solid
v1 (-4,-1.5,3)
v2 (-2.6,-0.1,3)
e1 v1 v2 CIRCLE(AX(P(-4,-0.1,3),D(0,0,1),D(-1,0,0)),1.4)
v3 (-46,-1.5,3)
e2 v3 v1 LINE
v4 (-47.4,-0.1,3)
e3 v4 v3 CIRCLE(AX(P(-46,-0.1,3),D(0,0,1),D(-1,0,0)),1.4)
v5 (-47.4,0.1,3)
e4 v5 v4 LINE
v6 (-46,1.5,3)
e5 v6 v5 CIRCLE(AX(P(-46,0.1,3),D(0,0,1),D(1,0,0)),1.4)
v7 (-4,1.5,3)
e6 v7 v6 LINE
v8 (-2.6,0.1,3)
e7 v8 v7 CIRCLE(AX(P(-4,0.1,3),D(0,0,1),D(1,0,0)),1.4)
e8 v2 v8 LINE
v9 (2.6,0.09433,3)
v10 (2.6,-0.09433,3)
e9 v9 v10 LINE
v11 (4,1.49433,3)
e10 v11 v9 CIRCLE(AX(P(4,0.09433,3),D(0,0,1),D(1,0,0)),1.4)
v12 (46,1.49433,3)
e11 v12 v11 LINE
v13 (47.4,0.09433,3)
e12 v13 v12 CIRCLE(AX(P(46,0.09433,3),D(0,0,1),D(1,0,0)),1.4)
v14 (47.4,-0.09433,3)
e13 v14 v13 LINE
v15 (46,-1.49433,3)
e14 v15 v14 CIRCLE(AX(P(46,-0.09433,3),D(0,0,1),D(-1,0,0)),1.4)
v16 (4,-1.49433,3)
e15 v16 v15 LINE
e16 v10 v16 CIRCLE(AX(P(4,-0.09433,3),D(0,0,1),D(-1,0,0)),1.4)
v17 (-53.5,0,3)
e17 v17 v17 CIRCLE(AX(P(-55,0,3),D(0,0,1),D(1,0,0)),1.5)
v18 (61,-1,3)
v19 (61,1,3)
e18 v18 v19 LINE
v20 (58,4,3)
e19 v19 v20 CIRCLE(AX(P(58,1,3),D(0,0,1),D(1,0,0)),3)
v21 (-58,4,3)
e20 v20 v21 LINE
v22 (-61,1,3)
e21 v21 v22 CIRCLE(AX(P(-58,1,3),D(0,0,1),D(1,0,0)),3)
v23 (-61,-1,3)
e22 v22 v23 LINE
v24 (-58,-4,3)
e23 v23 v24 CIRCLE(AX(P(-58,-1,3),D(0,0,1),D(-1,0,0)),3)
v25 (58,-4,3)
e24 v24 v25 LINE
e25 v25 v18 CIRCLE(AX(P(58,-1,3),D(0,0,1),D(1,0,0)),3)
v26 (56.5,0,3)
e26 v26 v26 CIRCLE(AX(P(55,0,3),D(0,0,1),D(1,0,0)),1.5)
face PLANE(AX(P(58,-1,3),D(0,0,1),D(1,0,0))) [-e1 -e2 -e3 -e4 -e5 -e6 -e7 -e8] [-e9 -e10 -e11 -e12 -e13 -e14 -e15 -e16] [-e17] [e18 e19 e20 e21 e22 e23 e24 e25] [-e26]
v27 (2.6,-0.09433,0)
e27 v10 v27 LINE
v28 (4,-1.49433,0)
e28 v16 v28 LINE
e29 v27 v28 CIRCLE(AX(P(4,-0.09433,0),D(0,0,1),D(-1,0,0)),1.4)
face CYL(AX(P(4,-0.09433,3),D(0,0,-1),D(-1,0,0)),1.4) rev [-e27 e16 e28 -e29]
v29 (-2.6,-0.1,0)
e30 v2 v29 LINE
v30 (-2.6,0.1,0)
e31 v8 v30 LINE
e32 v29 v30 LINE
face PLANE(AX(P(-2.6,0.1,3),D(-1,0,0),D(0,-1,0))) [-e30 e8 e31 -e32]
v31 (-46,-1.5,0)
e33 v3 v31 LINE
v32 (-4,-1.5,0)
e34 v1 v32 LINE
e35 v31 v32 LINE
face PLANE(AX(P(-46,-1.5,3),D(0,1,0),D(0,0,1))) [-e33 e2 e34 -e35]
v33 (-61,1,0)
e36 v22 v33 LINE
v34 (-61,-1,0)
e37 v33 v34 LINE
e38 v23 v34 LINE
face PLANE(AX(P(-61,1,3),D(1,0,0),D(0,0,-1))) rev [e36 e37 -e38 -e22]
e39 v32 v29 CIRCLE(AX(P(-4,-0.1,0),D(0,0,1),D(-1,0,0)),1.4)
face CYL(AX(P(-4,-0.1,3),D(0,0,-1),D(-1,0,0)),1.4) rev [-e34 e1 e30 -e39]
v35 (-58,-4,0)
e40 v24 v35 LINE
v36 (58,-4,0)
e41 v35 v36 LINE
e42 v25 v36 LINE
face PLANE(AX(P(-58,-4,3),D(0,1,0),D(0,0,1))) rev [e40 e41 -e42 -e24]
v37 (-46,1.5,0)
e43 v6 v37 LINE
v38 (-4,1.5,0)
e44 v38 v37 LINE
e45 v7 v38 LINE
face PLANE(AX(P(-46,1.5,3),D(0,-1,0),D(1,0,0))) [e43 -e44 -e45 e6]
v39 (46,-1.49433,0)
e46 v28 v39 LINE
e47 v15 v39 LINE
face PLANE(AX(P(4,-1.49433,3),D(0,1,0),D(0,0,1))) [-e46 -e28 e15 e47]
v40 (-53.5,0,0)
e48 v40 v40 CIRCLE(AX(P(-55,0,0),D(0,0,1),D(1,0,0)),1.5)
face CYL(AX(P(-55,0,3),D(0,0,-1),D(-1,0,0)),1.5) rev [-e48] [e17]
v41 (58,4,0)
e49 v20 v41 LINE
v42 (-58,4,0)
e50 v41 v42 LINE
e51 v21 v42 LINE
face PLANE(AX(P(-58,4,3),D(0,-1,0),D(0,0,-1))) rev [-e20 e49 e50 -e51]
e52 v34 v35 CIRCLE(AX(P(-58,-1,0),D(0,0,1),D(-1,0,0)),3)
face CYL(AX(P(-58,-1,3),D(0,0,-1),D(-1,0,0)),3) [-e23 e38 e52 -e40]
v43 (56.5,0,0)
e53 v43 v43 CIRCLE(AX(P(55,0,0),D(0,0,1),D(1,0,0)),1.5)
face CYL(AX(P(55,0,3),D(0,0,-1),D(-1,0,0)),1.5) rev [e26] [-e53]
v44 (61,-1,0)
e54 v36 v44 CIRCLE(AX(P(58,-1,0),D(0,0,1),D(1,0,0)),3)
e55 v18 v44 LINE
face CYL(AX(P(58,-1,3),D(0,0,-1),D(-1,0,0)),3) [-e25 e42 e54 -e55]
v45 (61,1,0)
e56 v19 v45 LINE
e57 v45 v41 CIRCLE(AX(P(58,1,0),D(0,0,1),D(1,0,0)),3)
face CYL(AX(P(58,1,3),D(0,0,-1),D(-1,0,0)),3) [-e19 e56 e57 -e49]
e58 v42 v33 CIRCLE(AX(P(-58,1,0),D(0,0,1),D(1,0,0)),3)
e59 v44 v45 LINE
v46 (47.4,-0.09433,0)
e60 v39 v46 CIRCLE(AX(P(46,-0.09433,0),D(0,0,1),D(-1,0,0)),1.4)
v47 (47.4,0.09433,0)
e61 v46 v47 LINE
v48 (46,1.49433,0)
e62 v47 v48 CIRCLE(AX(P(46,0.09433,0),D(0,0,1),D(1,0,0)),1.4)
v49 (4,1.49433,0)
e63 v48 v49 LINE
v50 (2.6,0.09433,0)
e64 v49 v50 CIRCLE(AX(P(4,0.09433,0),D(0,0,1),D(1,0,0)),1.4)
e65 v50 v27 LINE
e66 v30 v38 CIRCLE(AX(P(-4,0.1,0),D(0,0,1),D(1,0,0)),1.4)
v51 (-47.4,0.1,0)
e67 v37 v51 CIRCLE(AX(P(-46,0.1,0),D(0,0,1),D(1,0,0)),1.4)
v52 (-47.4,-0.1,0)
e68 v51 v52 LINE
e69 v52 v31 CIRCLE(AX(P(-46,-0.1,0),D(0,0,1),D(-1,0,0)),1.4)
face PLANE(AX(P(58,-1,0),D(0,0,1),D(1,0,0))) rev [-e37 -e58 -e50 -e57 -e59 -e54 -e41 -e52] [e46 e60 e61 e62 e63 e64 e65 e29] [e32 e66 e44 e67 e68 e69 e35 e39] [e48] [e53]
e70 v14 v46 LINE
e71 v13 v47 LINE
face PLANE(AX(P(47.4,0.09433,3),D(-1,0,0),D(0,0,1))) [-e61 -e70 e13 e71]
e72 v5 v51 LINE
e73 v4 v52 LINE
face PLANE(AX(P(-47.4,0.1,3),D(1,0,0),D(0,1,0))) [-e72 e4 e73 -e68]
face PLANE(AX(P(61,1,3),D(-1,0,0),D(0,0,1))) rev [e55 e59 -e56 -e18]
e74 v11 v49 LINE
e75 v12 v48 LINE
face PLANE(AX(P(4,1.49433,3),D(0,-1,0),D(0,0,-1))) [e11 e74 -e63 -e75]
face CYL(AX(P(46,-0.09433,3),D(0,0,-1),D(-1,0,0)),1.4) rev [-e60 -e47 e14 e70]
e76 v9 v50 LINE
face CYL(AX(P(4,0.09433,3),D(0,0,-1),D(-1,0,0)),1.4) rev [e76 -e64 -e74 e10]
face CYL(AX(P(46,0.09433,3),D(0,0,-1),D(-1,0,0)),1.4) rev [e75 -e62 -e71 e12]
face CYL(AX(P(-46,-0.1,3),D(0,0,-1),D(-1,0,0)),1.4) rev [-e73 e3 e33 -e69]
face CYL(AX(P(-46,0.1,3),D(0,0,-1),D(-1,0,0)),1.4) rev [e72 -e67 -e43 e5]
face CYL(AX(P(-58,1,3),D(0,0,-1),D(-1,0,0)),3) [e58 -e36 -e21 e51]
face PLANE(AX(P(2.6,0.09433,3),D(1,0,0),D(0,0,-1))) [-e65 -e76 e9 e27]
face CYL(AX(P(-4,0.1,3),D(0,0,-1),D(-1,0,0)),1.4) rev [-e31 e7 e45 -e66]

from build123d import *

# Parameters (mm, degrees)
SKETCH1_R           = 1.5
BOSS_EXTRUDE1_DEPTH = 3


with BuildPart() as part:
    # Sketch1 → Boss-Extrude1 (new body)
    with BuildSketch(Plane.XY):
        with BuildLine():
            Line((-58, 4), (58, 4))
            ThreePointArc((58, 4), (60.121320344, 3.121320344), (61, 1))
            Line((61, 1), (61, -1))
            ThreePointArc((61, -1), (60.121320344, -3.121320344), (58, -4))
            Line((58, -4), (-58, -4))
            ThreePointArc((-58, -4), (-60.121320344, -3.121320344), (-61, -1))
            Line((-61, -1), (-61, 1))
            ThreePointArc((-61, 1), (-60.121320344, 3.121320344), (-58, 4))
        make_face()
        with Locations((-55, 0)):
            Circle(SKETCH1_R, mode=Mode.SUBTRACT)
        with Locations((55, 0)):
            Circle(SKETCH1_R, mode=Mode.SUBTRACT)
        with BuildLine():
            Line((-46, 1.5), (-4, 1.5))
            ThreePointArc((-4, 1.5), (-3.010050506, 1.089949494), (-2.6, 0.1))
            Line((-2.6, 0.1), (-2.6, -0.1))
            ThreePointArc((-2.6, -0.1), (-3.010050506, -1.089949494), (-4, -1.5))
            Line((-4, -1.5), (-46, -1.5))
            ThreePointArc((-46, -1.5), (-46.989949494, -1.089949494), (-47.4, -0.1))
            Line((-47.4, -0.1), (-47.4, 0.1))
            ThreePointArc((-47.4, 0.1), (-46.989949494, 1.089949494), (-46, 1.5))
        make_face(mode=Mode.SUBTRACT)
        with BuildLine():
            Line((4, 1.494330249), (46, 1.494330249))
            ThreePointArc((46, 1.494330249), (46.989949494, 1.084279743), (47.4, 0.094330249))
            Line((47.4, 0.094330249), (47.4, -0.094330249))
            ThreePointArc((47.4, -0.094330249), (46.989949494, -1.084279743), (46, -1.494330249))
            Line((46, -1.494330249), (4, -1.494330249))
            ThreePointArc((4, -1.494330249), (3.010050506, -1.084279743), (2.6, -0.094330249))
            Line((2.6, -0.094330249), (2.6, 0.094330249))
            ThreePointArc((2.6, 0.094330249), (3.010050506, 1.084279743), (4, 1.494330249))
        make_face(mode=Mode.SUBTRACT)
    extrude(amount=BOSS_EXTRUDE1_DEPTH)


solid = part.part
